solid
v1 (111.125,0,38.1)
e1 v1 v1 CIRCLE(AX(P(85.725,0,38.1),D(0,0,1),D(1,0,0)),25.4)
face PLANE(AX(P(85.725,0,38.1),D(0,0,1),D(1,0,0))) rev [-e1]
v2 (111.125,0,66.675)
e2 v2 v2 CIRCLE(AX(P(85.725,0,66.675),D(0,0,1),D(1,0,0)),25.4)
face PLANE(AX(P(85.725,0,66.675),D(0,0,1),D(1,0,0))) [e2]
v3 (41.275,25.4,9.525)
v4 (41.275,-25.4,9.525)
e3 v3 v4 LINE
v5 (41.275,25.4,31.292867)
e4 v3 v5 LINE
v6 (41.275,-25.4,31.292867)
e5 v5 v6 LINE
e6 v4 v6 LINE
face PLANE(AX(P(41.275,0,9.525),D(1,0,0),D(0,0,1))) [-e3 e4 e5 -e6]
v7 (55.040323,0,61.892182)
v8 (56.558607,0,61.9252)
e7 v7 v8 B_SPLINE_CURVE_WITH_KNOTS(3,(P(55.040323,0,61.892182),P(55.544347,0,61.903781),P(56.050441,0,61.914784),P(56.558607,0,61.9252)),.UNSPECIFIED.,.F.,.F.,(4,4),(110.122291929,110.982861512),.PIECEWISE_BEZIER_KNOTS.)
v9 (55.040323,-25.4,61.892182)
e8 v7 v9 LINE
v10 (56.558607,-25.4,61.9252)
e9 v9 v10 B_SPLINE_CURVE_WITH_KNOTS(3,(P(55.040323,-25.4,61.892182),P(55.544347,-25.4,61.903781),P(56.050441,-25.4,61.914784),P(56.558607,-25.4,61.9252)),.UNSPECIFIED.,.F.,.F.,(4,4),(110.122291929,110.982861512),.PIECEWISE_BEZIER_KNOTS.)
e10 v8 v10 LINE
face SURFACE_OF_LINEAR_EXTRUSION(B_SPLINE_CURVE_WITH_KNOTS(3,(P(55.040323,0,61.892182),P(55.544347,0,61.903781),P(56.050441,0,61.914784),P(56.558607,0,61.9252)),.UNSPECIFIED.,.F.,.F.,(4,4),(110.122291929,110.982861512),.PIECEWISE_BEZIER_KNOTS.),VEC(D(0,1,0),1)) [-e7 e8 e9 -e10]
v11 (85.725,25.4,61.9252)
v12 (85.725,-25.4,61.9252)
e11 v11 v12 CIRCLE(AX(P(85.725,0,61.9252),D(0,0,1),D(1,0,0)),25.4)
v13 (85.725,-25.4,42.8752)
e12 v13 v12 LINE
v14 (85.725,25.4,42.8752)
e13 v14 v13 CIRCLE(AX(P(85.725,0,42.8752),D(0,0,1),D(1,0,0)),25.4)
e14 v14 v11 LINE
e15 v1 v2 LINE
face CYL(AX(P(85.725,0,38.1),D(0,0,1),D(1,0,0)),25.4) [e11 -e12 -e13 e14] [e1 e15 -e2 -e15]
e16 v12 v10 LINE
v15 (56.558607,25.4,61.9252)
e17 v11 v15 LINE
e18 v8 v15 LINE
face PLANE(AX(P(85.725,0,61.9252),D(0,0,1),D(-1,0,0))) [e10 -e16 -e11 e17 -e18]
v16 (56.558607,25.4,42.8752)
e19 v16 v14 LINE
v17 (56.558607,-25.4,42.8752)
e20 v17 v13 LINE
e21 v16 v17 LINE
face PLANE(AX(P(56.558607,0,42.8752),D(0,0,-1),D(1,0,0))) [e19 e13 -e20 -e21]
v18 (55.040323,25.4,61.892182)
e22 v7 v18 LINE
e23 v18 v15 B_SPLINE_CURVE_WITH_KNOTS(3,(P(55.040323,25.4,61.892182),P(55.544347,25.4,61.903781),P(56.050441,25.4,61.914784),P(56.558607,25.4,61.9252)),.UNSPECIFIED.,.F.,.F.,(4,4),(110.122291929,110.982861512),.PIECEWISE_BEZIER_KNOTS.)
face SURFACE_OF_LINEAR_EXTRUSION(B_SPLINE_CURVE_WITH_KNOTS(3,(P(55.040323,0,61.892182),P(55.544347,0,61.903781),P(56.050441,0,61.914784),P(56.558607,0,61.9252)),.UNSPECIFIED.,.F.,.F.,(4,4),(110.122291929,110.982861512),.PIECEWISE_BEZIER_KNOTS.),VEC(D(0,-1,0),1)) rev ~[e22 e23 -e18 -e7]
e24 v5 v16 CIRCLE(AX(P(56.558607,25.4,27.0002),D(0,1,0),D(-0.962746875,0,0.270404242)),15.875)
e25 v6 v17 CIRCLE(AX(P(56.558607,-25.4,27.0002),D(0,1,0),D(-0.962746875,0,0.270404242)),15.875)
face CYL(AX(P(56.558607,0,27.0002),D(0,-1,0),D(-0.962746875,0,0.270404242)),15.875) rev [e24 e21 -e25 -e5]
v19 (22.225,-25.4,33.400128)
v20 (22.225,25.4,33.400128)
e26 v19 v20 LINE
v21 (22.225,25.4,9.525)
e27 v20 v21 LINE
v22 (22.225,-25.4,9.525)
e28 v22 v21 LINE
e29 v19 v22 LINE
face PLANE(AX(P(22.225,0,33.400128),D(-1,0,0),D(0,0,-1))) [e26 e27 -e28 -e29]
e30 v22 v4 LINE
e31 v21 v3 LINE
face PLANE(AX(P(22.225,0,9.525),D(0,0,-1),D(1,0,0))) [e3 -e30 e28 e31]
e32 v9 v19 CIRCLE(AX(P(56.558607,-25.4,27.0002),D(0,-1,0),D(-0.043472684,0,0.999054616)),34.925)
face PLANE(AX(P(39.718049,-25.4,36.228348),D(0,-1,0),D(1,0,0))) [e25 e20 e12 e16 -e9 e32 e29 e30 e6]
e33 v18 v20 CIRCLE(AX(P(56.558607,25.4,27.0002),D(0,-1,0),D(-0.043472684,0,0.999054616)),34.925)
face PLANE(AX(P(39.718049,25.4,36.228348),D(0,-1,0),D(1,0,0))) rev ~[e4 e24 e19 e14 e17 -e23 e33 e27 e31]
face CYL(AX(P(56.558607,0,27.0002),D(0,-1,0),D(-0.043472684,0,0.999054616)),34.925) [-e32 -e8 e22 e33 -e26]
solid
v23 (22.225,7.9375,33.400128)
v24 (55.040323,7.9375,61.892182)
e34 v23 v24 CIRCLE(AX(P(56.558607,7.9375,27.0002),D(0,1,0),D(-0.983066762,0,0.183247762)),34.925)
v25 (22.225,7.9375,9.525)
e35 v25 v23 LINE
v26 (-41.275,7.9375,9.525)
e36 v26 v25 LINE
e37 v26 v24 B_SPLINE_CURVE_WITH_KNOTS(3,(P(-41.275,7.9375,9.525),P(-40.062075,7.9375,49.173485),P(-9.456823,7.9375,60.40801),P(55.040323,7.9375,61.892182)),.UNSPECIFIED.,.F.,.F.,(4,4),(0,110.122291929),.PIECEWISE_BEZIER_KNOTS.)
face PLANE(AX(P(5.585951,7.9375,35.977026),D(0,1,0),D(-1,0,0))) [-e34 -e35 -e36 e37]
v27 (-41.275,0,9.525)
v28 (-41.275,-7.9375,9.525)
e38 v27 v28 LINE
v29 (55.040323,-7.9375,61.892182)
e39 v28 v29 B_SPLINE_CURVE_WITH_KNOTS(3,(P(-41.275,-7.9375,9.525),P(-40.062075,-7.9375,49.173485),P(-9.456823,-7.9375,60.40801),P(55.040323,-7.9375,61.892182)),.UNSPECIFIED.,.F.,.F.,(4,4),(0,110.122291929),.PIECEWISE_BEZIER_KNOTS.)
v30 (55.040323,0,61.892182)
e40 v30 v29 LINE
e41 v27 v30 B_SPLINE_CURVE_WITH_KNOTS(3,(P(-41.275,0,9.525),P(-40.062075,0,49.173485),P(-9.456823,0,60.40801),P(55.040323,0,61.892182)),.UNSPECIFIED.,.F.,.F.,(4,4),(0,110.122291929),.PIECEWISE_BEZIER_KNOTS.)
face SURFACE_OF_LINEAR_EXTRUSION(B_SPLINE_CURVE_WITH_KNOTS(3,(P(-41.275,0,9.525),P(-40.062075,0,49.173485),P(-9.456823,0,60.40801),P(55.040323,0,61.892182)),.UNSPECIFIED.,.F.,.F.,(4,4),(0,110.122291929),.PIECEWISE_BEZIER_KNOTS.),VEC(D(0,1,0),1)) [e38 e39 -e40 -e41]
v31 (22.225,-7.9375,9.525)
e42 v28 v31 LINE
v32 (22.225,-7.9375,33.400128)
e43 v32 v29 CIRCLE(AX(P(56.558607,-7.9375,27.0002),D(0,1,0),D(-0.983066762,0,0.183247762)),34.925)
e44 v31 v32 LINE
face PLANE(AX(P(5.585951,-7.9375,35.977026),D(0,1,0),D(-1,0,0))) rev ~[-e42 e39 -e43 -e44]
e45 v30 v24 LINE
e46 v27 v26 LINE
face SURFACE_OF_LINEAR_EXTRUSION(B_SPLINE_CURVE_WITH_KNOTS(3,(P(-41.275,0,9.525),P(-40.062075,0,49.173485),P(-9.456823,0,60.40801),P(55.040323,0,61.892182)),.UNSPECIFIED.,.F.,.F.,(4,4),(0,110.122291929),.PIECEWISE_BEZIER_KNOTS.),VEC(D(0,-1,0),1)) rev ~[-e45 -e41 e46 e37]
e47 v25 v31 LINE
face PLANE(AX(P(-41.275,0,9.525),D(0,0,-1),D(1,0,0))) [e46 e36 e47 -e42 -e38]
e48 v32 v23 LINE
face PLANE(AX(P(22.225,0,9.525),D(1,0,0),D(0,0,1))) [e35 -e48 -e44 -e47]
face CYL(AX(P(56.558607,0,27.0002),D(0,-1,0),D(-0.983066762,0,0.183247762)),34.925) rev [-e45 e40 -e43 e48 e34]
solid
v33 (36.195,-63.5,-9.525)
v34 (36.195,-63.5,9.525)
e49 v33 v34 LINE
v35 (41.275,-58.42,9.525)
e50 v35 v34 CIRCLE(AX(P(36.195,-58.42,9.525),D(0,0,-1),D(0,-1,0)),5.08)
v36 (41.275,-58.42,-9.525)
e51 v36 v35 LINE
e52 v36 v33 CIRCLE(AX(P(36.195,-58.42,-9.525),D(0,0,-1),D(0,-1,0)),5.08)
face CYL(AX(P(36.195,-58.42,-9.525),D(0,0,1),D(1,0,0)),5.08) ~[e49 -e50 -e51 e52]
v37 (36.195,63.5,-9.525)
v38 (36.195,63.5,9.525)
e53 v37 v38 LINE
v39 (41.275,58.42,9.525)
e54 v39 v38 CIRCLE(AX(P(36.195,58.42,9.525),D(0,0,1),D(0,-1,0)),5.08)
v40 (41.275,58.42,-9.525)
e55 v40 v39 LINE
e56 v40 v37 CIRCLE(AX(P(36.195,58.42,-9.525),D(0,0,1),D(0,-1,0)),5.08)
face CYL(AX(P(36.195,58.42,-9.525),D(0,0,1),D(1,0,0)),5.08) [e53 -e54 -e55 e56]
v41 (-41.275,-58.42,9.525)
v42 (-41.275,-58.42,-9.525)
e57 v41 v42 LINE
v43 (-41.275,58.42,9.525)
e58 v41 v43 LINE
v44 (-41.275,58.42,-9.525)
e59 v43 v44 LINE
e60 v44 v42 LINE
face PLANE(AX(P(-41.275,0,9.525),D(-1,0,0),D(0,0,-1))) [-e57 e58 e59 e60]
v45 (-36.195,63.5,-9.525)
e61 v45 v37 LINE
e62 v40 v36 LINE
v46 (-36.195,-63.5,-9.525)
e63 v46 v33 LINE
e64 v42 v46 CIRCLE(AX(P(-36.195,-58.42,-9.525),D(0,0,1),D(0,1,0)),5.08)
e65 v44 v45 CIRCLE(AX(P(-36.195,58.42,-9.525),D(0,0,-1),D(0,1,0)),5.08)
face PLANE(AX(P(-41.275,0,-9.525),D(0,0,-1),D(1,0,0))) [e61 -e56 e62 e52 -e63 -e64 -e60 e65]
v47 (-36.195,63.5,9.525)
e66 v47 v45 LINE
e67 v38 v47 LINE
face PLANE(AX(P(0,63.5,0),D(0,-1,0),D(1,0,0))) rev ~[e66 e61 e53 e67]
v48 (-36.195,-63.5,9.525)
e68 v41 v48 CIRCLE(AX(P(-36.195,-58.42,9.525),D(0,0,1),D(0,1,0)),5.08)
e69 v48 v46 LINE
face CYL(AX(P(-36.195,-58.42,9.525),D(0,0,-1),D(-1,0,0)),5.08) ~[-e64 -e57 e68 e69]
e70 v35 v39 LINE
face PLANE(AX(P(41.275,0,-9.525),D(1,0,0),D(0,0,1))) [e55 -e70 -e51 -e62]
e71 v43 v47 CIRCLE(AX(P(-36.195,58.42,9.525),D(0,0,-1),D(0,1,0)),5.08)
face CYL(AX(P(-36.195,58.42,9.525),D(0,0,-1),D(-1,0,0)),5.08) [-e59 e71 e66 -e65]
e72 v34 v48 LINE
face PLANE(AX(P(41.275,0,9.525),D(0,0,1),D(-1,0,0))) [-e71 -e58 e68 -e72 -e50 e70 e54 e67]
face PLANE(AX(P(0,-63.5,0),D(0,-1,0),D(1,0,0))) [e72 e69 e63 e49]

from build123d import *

# Parameters (mm, degrees)
F1_DEPTH = 63.5
F0_W     = 25.4
F0_H     = 19.05
F2_DEPTH = 25.4
F3_DEPTH = 7.9375
F5_R     = 5.08


with BuildPart() as f1:
    # F0 (on Front) → F1 (new body, symmetric)
    with BuildSketch(Plane.XZ):
        Polygon((-41.275, 9.525), (-41.275, -9.525), (41.275, -9.525), (41.275, 9.525), (22.225, 9.525), align=None)
    extrude(amount=F1_DEPTH, both=True)

    # F5
    f5_edges = [f1.edges().sort_by_distance(p)[0] for p in [
        (-41.275, -63.5, 0),
        (41.275, -63.5, 0),
        (41.275, 63.5, 0),
        (-41.275, 63.5, 0),
    ]]
    fillet(f5_edges, radius=F5_R)


with BuildPart() as f2:
    # F0 (on Front) → F2 (new body, symmetric)
    with BuildSketch(Plane.XZ):
        with BuildLine():
            Line((22.225, 9.525), (41.275, 9.525))
            Line((41.275, 9.525), (41.275, 31.2928673412))
            ThreePointArc((41.275, 31.2928673412), (46.9703447865, 39.6525064902), (56.5586066456, 42.8752))
            Line((56.5586066456, 42.8752), (60.325, 42.8752))
            Line((60.325, 42.8752), (60.325, 61.9252))
            Line((60.325, 61.9252), (56.5586066456, 61.9252))
            add(Edge.make_bspline(
                [(55.0403231536, 61.8921824636), (55.5443471878, 61.9037807853), (56.0504409694, 61.9147836618), (56.5586066456, 61.9252)],
                knots=[110.1222919293, 110.1222919293, 110.1222919293, 110.1222919293, 110.9828615117, 110.9828615117, 110.9828615117, 110.9828615117], degree=3))
            ThreePointArc((55.0403231536, 61.8921824636), (33.6612531511, 53.3719050633), (22.225, 33.4001281016))
            Line((22.225, 33.4001281016), (22.225, 9.525))
        make_face()
        with Locations((73.025, 52.4002)):
            Rectangle(F0_W, F0_H)
    extrude(amount=F2_DEPTH, both=True)

    # F0 (on Front) → F4 (revolve)
    with BuildSketch(Plane.XZ):
        Polygon((85.725, 66.675), (85.725, 61.9252), (85.725, 42.8752), (85.725, 38.1), (111.125, 38.1), (111.125, 66.675), align=None)
    revolve(axis=Axis((85.725, 0, 52.3875), (0, 0, 1)))


with BuildPart() as f3:
    # F0 (on Front) → F3 (new body, symmetric)
    with BuildSketch(Plane.XZ):
        with BuildLine():
            add(Edge.make_bspline(
                [(-41.275, 9.525), (-40.0620750899, 49.1734854267), (-9.4568226537, 60.4080098956), (55.0403231536, 61.8921824636)],
                knots=[0, 0, 0, 0, 110.1222919293, 110.1222919293, 110.1222919293, 110.1222919293], degree=3))
            Line((-41.275, 9.525), (22.225, 9.525))
            Line((22.225, 9.525), (22.225, 33.4001281016))
            ThreePointArc((22.225, 33.4001281016), (33.6612531511, 53.3719050633), (55.0403231536, 61.8921824636))
        make_face()
    extrude(amount=F3_DEPTH, both=True)


solid = Compound([f1.part, f2.part, f3.part])
